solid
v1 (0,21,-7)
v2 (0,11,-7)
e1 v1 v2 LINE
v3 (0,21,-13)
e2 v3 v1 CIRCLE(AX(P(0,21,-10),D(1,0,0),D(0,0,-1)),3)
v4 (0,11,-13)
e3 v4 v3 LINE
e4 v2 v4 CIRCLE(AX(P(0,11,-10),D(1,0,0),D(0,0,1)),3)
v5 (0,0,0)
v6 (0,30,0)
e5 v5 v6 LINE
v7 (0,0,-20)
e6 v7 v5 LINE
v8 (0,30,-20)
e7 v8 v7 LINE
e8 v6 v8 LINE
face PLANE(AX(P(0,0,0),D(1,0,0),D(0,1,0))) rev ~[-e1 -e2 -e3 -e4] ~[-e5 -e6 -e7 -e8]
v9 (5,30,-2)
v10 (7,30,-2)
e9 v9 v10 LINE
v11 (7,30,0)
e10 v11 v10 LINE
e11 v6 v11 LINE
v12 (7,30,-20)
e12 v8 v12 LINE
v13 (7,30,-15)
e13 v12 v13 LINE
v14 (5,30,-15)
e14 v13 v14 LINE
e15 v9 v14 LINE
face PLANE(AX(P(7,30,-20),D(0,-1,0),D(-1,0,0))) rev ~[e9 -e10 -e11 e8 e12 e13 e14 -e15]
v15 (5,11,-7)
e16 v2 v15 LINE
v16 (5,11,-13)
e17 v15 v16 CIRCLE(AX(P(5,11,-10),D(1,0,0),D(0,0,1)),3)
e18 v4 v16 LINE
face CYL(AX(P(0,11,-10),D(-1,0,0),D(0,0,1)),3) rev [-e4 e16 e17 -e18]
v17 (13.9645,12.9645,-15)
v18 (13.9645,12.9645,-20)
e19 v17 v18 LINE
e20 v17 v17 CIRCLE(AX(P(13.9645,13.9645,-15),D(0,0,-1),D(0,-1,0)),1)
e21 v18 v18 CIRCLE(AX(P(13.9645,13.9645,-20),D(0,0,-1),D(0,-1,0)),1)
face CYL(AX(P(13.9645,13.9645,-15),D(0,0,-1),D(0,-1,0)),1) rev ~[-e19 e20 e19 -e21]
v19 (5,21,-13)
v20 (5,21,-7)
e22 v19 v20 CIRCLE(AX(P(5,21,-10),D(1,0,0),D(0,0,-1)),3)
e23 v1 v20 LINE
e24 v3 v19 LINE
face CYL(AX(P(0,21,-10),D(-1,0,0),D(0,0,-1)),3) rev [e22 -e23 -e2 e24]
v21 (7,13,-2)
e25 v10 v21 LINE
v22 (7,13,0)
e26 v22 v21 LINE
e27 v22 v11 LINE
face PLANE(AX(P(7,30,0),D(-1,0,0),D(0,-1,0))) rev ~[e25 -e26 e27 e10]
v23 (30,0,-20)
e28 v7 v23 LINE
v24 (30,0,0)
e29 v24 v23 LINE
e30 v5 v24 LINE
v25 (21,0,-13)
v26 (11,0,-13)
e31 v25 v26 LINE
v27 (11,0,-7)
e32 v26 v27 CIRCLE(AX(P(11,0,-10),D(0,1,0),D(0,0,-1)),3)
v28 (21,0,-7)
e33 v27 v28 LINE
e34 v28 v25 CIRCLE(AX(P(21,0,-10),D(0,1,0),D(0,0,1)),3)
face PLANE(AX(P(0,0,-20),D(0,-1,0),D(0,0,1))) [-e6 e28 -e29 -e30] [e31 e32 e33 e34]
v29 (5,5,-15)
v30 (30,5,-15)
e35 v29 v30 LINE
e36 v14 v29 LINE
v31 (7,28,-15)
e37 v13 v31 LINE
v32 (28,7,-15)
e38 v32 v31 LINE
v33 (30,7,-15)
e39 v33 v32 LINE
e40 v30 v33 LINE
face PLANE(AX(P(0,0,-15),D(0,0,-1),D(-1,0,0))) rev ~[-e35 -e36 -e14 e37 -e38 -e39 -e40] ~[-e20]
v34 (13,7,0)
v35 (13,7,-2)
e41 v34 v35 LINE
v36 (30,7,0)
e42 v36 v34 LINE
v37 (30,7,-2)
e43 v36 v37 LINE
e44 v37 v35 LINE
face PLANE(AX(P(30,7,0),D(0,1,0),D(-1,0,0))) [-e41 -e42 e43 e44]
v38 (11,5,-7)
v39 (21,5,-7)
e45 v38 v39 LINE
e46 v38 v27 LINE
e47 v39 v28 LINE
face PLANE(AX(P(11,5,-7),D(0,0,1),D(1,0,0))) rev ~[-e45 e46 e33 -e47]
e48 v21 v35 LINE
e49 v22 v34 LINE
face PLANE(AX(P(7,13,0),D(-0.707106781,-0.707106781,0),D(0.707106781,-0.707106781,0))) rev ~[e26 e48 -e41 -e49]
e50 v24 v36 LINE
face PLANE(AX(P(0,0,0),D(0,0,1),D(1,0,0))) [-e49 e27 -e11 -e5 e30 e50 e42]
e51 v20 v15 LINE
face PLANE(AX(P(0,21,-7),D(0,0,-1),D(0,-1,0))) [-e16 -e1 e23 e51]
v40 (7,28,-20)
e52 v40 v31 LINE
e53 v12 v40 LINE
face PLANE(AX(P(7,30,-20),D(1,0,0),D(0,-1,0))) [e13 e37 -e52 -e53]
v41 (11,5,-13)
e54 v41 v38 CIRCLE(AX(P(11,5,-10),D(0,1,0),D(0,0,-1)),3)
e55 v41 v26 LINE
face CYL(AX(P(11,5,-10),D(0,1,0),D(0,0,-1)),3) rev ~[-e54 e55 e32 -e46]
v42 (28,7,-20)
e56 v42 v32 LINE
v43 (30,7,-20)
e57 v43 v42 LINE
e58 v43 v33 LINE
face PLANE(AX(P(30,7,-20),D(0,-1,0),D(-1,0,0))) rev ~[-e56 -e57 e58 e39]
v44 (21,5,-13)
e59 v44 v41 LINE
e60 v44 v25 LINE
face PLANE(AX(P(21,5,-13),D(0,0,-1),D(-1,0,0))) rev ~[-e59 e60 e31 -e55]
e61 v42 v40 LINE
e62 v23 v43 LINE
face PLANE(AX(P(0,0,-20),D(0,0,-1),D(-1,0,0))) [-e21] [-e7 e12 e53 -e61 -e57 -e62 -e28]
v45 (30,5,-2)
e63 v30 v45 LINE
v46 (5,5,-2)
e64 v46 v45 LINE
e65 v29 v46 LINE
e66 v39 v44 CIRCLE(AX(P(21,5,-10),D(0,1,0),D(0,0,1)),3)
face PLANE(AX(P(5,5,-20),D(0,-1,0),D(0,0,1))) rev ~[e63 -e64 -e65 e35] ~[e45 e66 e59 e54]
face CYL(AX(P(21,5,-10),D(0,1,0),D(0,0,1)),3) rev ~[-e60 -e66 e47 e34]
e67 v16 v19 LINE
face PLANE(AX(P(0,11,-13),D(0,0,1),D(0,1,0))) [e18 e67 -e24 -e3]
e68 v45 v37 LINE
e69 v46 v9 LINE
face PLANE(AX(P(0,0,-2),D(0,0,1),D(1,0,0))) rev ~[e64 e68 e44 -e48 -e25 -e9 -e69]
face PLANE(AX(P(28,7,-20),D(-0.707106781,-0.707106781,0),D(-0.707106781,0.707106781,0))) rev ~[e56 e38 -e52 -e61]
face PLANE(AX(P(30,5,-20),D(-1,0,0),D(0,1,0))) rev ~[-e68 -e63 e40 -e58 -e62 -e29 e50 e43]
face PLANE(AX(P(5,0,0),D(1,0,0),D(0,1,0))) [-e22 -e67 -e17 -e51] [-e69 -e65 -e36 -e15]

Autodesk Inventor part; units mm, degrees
ref_plane "YZ Plane" through (0, 0, 0) normal (1, 0, 0) x (0, 1, 0)
ref_plane "XZ Plane" through (0, 0, 0) normal (0, 1, 0) x (-1, 0, 0)
ref_plane "XY Plane" through (0, 0, 0) normal (0, 0, 1) x (1, 0, 0)
sketch "Boceto1" plane through (0, 0, 0) normal (1, 0, 0) x (0, 1, 0)
  line L0 (0, 0) -> (30, 0)
  line L1 (30, 0) -> (30, -20)
  line L2 (30, -20) -> (0, -20)
  line L3 (0, -20) -> (0, 0)
  line L4 (21, -10) -> (11, -10) construction
  line L5 (21, -7) -> (11, -7)
  line L6 (11, -13) -> (21, -13)
  arc A0 (21, -13) -> (21, -7) centre (21, -10) ccw
  arc A1 (11, -7) -> (11, -13) centre (11, -10) ccw
  point P0 (16, -10)
  point P1 (24, -10)
  point P2 (30, -10)
  point P3 (0, -10)
  point P4 (8, -10)
  dimension "d0" = 30
  dimension "d1" = 20
  dimension "d2" = 10
  dimension "d3" = 6
  dimension "d4" = 6
extrude "Extrusión1" add sketch "Boceto1" along normal blind 5
sketch "Boceto2" plane through (5, 0, 0) normal (1, 0, 0) x (0, 0, -1)
  line L0 (0, 0) -> (20, 0) projected
  line L1 (0, 0) -> (20, 0)
  line L2 (20, 0) -> (20, 5)
  line L3 (20, 5) -> (0, 5)
  line L4 (0, 5) -> (0, 0)
  dimension "d8" = 20
  dimension "d9" = 5
extrude "Extrusión2" add sketch "Boceto2" along normal blind 25
sketch "Boceto3" plane through (5, 5, 0) normal (0, 1, 0) x (1, 0, 0)
  line L0 (6, 10) -> (16, 10) construction
  line L1 (6, 7) -> (16, 7)
  line L2 (16, 13) -> (6, 13)
  arc A0 (6, 13) -> (6, 7) centre (6, 10) ccw
  arc A1 (16, 7) -> (16, 13) centre (16, 10) ccw
  line L3 (25, 20) -> (25, 0) projected
  line L4 (0, 0) -> (25, 0) projected
  point P0 (-5, 0)
  point P1 (11, 10)
  point P2 (25, 10)
  point P3 (19, 10)
  dimension "d12" = 10
  dimension "d13" = 6
  dimension "d14" = 6
  dimension "d15" = 10
extrude "Extrusión3" cut sketch "Boceto3" against normal blind 5
sketch "Boceto4" plane through (0, 0, 0) normal (0, 0, 1) x (1, 0, 0)
  line L0 (5, 30) -> (5, 5) projected
  line L1 (5, 5) -> (30, 5) projected
  line L2 (5, 5) -> (5, 28)
  line L3 (5, 30) -> (7, 30)
  line L4 (7, 30) -> (7, 28)
  line L5 (30, 5) -> (30, 7)
  line L6 (30, 7) -> (28, 7)
  line L7 (28, 7) -> (7, 28)
  point P0 (0, 0)
  point P1 (28, 5)
  dimension "d18" = 2
  dimension "d19" = 2
  dimension "d22" = 2
extrude "Extrusión4" add sketch "Boceto4" against normal blind 2
sketch "Boceto5" plane through (0, 0, -20) normal (0, 0, -1) x (-1, 0, 0)
  line L0 (-30, 0) -> (-30, 5) projected
  line L1 (-30, 0) -> (-30, 7) projected
  line L2 (-30, 5) -> (-30, 7)
  line L3 (-30, 7) -> (-28, 7)
  line L4 (-7, 30) -> (-7, 28) projected
  line L5 (-28, 7) -> (-7, 28)
  line L6 (-7, 28) -> (-7, 30)
  line L7 (-7, 30) -> (-5, 30)
  line L8 (-5, 30) -> (-5, 5)
  line L9 (-5, 5) -> (-30, 5)
  point P0 (0, 0)
  dimension "d23" = 2
extrude "Extrusión5" add sketch "Boceto5" against normal blind 5
sketch "Boceto6" plane through (0, 0, 0) normal (0, 0, 1) x (1, 0, 0)
  line L0 (28, 7) -> (7, 28) projected
  line L1 (7, 28) -> (7, 13)
  line L2 (7, 13) -> (13, 7)
  line L3 (13, 7) -> (28, 7)
  point P0 (0, 0)
  dimension "d26" = 45
  dimension "d27" = 15
extrude "Extrusión6" cut sketch "Boceto6" against normal blind 2
sketch "Boceto7" plane through (0, 0, -15) normal (0, 0, 1) x (1, 0, 0)
  line L0 (7, 28) -> (28, 7) projected
  line L1 (7, 28) -> (7, 7)
  line L2 (7, 7) -> (28, 7)
  line L3 (7, 7) -> (17.5, 17.5)
  line L4 (28, 7) -> (7, 28) projected
  point P0 (0, 0)
  point P1 (13.9645, 13.9645)
  point P2 (17.5, 17.5)
  dimension "d30" = 5
hole "Agujero1" at (13.9645, 13.9645, -15) direction (0, 0, -1) diameter 2 end through all
properties part number "Esquinero"
